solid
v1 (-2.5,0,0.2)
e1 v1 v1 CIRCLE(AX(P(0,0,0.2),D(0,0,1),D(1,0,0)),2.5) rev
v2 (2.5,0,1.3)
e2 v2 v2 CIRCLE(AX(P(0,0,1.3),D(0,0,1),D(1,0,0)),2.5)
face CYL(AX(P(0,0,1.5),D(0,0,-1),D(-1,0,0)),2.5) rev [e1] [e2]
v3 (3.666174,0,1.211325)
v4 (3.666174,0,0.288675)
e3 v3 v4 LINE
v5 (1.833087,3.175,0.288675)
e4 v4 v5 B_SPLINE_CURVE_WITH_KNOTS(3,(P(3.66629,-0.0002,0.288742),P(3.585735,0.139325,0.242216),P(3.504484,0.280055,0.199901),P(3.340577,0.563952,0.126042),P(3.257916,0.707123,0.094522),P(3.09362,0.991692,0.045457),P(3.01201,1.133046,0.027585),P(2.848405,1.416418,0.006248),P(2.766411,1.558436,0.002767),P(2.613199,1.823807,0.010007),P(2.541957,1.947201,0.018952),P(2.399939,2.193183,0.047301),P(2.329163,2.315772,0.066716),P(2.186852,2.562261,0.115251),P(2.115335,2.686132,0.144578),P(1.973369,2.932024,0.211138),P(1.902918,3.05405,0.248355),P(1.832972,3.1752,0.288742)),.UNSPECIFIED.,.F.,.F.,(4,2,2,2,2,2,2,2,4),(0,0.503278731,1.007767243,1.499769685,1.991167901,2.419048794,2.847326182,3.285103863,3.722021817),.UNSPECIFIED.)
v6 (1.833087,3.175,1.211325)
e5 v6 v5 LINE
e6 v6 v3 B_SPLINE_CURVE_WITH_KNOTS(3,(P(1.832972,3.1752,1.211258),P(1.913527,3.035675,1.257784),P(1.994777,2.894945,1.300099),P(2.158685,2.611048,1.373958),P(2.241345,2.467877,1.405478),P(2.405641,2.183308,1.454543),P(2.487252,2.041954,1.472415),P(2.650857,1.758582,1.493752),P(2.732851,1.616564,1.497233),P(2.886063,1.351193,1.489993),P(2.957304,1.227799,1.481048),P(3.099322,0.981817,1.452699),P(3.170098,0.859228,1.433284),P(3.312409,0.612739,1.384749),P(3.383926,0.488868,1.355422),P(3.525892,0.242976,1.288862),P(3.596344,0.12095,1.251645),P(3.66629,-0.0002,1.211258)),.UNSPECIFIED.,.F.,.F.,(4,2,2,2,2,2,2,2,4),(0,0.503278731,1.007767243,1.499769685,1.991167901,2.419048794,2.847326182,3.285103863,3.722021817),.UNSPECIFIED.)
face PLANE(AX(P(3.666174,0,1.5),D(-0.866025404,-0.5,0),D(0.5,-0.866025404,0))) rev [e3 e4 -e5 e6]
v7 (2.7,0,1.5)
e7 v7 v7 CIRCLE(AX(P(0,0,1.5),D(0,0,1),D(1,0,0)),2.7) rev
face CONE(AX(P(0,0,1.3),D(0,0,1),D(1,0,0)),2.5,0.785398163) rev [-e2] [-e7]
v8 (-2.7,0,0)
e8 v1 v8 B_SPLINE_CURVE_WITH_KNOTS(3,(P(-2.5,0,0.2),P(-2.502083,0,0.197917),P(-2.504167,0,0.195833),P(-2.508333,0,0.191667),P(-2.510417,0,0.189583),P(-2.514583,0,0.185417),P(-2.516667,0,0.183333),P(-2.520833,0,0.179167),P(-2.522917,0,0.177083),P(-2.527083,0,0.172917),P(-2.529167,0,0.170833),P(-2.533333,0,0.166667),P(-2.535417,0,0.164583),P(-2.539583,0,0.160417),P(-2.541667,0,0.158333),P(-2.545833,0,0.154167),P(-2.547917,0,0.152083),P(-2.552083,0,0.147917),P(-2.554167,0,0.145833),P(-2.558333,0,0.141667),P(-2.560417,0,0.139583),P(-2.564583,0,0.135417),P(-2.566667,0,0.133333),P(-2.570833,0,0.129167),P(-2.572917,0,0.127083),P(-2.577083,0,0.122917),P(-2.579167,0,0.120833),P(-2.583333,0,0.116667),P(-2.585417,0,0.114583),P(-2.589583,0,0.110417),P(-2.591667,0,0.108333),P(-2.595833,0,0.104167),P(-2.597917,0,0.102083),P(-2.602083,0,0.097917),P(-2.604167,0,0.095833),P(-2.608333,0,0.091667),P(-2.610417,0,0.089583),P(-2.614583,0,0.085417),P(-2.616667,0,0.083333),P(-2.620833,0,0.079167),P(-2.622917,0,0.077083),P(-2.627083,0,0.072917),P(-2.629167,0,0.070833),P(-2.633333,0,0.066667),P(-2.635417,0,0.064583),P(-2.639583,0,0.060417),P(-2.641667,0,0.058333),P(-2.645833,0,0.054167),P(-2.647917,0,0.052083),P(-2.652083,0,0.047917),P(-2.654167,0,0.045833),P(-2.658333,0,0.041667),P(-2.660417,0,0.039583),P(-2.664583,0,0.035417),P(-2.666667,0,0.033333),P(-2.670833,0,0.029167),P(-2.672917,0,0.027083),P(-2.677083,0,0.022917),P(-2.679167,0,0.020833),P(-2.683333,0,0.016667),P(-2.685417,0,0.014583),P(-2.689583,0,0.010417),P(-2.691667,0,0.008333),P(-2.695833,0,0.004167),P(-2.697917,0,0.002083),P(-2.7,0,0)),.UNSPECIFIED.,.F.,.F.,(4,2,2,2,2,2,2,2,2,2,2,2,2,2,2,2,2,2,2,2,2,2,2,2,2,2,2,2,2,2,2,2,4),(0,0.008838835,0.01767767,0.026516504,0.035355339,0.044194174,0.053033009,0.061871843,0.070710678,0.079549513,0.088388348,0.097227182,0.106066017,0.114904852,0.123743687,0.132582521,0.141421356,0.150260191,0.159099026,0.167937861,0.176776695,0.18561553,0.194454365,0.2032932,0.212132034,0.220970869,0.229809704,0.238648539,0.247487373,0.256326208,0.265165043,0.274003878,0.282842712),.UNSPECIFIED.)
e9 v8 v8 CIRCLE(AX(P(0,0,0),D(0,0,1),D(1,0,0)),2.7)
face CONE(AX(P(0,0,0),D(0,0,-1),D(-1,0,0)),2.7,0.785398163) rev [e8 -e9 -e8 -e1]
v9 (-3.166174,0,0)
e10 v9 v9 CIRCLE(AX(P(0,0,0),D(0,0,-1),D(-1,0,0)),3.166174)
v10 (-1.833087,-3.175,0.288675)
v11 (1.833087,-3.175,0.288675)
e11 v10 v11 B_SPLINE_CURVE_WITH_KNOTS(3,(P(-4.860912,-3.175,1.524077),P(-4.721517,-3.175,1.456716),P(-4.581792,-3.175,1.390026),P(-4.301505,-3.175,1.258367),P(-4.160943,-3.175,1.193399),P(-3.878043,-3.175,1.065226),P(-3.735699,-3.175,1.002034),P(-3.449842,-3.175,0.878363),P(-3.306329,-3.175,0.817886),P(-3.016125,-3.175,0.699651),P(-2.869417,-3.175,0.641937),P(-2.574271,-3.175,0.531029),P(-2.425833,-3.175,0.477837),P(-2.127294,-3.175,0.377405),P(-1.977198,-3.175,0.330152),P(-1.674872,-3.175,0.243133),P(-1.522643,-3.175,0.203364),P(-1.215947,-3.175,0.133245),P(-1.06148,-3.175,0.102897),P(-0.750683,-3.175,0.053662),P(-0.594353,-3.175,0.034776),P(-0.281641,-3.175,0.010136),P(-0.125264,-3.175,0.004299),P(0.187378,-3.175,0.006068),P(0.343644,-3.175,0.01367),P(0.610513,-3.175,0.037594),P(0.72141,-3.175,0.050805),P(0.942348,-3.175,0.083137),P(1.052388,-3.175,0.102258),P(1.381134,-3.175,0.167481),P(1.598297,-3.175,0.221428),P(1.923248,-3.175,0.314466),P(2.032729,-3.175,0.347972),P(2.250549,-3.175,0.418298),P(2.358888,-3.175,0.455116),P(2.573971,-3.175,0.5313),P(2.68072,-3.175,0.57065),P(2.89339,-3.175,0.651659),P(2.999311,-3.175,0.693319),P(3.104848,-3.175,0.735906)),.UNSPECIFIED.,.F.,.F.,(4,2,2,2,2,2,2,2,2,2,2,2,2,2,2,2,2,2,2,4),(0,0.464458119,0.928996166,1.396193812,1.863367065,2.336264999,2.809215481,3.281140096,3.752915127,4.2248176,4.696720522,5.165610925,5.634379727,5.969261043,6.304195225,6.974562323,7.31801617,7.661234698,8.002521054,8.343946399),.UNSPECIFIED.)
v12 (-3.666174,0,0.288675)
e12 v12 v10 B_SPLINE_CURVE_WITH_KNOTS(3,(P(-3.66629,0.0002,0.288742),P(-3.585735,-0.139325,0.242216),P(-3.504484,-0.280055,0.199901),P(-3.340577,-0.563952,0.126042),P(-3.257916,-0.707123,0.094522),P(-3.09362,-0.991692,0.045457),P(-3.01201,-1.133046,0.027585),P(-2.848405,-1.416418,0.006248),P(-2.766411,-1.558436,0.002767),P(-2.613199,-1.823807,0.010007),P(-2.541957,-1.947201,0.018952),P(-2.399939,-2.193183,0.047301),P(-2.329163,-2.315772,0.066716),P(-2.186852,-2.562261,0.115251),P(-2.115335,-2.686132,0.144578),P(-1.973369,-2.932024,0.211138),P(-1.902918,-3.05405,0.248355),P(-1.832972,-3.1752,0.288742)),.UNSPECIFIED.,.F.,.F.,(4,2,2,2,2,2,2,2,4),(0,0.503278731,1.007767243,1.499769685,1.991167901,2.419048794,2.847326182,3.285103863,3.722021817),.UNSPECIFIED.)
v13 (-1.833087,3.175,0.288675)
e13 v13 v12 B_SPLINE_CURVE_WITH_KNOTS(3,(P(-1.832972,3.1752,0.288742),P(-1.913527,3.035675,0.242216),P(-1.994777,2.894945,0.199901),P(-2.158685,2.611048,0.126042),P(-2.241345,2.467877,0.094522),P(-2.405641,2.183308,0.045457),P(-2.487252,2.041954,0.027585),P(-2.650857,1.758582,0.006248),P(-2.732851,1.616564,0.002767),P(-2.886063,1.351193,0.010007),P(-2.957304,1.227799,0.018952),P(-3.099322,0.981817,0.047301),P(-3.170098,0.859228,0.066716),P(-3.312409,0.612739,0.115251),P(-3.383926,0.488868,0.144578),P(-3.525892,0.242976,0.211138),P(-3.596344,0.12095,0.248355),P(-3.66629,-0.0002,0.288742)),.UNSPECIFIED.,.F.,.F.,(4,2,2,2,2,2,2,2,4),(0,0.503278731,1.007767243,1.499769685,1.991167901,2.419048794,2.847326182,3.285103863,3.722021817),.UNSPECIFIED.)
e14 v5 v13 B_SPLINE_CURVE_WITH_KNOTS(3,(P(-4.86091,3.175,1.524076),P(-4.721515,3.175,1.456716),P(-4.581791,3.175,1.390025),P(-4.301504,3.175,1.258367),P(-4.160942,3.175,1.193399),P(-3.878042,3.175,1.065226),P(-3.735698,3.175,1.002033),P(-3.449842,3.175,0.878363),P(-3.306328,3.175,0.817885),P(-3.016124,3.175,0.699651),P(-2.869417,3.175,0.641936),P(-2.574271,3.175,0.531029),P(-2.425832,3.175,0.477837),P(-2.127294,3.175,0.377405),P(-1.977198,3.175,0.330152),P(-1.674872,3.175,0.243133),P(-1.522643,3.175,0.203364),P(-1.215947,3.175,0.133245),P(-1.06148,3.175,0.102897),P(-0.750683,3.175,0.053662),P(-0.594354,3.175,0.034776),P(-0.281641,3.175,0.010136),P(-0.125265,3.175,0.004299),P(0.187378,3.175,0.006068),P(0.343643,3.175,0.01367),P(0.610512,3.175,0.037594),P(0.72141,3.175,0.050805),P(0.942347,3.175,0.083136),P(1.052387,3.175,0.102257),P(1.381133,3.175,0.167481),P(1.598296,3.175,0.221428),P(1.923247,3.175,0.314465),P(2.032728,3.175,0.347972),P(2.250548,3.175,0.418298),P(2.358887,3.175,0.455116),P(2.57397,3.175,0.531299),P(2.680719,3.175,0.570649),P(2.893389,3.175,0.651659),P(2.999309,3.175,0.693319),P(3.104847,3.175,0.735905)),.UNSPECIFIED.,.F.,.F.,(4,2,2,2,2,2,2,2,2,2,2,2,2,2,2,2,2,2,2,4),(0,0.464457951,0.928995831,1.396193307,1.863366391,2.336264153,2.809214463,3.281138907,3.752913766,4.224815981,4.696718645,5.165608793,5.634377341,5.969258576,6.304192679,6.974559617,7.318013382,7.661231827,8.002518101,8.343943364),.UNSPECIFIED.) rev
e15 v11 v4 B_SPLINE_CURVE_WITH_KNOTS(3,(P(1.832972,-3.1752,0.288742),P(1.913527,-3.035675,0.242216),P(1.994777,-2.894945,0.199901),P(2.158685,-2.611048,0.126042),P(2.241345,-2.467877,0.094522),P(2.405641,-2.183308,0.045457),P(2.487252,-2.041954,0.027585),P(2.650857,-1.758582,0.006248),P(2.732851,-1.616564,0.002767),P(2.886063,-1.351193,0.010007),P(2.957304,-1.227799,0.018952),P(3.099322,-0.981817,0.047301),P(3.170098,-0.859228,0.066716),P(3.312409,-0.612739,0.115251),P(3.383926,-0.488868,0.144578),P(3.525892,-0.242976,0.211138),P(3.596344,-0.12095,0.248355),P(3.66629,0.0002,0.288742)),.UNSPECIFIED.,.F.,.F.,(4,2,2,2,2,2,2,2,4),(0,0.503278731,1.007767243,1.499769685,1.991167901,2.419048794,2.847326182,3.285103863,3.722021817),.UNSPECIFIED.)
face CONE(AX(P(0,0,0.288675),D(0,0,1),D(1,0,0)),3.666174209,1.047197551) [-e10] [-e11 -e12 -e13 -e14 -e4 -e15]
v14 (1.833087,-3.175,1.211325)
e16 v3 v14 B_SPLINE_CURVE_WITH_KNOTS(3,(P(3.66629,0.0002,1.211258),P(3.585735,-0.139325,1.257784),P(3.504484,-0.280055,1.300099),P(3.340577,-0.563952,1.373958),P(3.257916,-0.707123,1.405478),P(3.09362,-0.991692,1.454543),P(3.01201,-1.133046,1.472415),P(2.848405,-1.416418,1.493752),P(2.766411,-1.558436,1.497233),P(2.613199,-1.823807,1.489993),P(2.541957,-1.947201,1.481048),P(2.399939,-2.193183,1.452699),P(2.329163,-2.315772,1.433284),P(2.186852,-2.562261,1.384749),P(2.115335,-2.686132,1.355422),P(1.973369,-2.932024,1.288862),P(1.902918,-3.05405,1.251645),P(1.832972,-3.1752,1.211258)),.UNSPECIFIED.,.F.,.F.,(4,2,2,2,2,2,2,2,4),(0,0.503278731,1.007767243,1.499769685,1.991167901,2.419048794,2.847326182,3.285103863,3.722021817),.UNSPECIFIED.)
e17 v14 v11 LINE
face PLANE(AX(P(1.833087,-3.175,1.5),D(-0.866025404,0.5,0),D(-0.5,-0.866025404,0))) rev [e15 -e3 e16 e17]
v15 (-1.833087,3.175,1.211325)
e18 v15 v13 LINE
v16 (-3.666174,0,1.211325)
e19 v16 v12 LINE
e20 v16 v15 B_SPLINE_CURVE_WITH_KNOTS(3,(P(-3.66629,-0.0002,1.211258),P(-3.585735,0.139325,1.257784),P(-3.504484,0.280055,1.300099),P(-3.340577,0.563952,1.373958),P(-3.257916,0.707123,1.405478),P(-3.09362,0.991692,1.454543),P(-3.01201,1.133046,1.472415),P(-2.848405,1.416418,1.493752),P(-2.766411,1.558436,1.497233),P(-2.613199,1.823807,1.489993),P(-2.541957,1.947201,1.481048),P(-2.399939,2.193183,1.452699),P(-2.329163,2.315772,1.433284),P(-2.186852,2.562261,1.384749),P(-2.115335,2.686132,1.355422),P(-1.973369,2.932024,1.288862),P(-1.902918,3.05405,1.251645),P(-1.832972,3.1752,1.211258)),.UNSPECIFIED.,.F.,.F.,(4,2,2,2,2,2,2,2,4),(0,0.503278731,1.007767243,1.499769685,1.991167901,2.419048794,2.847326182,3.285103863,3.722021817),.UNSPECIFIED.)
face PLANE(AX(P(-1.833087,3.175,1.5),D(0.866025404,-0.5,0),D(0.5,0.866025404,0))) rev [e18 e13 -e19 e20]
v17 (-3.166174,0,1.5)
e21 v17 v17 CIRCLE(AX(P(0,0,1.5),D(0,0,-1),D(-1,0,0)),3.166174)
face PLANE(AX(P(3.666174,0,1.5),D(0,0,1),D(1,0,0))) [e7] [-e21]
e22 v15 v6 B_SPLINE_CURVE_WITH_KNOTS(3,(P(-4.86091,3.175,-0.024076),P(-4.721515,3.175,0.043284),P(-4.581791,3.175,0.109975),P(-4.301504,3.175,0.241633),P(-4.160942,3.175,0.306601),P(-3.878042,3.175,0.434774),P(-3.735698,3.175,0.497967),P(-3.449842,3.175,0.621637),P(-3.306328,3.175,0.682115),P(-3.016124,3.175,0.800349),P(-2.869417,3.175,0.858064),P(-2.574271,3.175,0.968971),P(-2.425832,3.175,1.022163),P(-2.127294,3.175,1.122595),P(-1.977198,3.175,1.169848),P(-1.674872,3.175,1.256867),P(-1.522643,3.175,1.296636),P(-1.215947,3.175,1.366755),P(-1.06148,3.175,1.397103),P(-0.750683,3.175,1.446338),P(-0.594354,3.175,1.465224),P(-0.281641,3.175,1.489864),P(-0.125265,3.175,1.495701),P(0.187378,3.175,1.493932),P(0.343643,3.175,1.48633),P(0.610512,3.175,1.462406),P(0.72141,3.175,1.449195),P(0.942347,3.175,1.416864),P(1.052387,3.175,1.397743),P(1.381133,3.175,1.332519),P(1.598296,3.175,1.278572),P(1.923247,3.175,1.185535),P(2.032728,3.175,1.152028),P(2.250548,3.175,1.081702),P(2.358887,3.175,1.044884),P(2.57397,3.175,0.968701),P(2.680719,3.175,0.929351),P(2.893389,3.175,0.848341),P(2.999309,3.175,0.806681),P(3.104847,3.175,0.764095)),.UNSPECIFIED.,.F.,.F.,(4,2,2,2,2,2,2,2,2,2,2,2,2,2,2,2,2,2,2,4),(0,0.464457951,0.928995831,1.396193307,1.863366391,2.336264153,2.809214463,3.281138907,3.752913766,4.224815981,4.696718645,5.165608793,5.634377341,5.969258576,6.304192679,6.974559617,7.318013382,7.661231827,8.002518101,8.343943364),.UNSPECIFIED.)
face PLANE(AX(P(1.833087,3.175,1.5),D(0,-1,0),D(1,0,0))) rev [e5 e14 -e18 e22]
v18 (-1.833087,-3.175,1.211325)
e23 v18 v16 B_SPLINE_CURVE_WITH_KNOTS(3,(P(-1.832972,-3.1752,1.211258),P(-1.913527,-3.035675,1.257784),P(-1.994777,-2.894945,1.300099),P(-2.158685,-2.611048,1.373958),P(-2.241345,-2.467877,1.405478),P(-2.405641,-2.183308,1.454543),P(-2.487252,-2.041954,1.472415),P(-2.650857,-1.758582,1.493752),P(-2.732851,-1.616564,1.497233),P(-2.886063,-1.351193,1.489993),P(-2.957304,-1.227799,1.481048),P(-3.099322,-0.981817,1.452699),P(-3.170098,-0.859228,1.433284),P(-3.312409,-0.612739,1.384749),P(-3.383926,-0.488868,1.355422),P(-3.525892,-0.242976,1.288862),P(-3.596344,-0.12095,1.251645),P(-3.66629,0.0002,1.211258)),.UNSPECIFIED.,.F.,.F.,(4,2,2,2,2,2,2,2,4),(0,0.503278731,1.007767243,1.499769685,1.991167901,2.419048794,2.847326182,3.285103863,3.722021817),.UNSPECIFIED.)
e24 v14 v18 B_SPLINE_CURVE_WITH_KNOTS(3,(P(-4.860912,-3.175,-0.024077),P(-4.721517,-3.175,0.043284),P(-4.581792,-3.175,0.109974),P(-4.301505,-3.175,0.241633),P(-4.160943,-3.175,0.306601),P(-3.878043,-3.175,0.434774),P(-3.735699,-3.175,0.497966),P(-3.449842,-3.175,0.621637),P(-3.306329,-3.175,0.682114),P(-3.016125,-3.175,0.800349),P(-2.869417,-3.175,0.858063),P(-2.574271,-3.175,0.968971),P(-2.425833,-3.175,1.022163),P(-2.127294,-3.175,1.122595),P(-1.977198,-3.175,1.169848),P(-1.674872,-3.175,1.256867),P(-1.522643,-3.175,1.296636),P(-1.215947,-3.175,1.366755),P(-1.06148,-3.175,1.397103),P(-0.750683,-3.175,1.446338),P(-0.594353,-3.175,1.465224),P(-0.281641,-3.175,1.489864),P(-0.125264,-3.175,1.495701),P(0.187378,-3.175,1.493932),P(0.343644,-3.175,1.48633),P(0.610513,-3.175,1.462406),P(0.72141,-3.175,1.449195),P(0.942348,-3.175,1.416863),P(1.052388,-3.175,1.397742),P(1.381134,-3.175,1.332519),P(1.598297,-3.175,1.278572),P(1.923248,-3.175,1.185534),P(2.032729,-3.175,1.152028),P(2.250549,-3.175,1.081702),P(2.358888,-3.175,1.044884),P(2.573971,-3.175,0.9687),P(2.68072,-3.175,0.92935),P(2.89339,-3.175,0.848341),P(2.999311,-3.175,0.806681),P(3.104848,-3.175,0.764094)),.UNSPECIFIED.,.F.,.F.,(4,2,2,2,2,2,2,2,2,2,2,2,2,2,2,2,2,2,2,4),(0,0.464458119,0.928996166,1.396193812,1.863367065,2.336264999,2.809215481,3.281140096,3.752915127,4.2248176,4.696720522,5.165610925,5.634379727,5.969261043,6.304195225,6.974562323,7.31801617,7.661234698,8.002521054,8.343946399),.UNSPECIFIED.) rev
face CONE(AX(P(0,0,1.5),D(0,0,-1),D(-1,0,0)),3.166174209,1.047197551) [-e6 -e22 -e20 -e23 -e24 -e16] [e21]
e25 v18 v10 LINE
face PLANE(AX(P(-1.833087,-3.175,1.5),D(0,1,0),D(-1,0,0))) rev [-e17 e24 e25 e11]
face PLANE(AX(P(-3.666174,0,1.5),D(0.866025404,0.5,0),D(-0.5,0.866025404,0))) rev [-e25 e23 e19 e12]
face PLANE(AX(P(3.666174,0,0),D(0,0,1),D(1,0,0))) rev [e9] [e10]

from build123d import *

# Parameters (mm, degrees)
ESQUISSE1_R        = 2.5
BOSS_EXTRU_1_DEPTH = 1.5
CHANFREIN1_SIZE    = 0.2


with BuildPart() as part:
    # Esquisse1 → Boss.-Extru.1 (new body)
    with BuildSketch(Plane.XY):
        Polygon((3.666174209, 0), (1.833087105, 3.175), (-1.833087105, 3.175), (-3.666174209, 0), (-1.833087105, -3.175), (1.833087105, -3.175), align=None)
        Circle(ESQUISSE1_R, mode=Mode.SUBTRACT)
    extrude(amount=BOSS_EXTRU_1_DEPTH)

    # Esquisse2 → Enlèvement de matière-Révolution1 (revolve, cut)
    with BuildSketch(Plane(origin=(0, 0, 0), x_dir=(1, 0, 0), z_dir=(0, 1, 0))):
        Polygon((-3.166174209, 0), (-3.666174209, -0.288675135), (-3.666174209, -1.211324865), (-3.166174209, -1.5), (-4.666174209, -1.5), (-4.666174209, 0), align=None)
    revolve(axis=Axis((0, 0, 0), (0, 0, 1)), mode=Mode.SUBTRACT)

    # Chanfrein1
    chanfrein1_edges = [part.edges().sort_by_distance(p)[0] for p in [
        (-2.5, 0, 0),
        (-2.5, 0, 1.5),
    ]]
    chamfer(chanfrein1_edges, length=CHANFREIN1_SIZE)


solid = part.part
